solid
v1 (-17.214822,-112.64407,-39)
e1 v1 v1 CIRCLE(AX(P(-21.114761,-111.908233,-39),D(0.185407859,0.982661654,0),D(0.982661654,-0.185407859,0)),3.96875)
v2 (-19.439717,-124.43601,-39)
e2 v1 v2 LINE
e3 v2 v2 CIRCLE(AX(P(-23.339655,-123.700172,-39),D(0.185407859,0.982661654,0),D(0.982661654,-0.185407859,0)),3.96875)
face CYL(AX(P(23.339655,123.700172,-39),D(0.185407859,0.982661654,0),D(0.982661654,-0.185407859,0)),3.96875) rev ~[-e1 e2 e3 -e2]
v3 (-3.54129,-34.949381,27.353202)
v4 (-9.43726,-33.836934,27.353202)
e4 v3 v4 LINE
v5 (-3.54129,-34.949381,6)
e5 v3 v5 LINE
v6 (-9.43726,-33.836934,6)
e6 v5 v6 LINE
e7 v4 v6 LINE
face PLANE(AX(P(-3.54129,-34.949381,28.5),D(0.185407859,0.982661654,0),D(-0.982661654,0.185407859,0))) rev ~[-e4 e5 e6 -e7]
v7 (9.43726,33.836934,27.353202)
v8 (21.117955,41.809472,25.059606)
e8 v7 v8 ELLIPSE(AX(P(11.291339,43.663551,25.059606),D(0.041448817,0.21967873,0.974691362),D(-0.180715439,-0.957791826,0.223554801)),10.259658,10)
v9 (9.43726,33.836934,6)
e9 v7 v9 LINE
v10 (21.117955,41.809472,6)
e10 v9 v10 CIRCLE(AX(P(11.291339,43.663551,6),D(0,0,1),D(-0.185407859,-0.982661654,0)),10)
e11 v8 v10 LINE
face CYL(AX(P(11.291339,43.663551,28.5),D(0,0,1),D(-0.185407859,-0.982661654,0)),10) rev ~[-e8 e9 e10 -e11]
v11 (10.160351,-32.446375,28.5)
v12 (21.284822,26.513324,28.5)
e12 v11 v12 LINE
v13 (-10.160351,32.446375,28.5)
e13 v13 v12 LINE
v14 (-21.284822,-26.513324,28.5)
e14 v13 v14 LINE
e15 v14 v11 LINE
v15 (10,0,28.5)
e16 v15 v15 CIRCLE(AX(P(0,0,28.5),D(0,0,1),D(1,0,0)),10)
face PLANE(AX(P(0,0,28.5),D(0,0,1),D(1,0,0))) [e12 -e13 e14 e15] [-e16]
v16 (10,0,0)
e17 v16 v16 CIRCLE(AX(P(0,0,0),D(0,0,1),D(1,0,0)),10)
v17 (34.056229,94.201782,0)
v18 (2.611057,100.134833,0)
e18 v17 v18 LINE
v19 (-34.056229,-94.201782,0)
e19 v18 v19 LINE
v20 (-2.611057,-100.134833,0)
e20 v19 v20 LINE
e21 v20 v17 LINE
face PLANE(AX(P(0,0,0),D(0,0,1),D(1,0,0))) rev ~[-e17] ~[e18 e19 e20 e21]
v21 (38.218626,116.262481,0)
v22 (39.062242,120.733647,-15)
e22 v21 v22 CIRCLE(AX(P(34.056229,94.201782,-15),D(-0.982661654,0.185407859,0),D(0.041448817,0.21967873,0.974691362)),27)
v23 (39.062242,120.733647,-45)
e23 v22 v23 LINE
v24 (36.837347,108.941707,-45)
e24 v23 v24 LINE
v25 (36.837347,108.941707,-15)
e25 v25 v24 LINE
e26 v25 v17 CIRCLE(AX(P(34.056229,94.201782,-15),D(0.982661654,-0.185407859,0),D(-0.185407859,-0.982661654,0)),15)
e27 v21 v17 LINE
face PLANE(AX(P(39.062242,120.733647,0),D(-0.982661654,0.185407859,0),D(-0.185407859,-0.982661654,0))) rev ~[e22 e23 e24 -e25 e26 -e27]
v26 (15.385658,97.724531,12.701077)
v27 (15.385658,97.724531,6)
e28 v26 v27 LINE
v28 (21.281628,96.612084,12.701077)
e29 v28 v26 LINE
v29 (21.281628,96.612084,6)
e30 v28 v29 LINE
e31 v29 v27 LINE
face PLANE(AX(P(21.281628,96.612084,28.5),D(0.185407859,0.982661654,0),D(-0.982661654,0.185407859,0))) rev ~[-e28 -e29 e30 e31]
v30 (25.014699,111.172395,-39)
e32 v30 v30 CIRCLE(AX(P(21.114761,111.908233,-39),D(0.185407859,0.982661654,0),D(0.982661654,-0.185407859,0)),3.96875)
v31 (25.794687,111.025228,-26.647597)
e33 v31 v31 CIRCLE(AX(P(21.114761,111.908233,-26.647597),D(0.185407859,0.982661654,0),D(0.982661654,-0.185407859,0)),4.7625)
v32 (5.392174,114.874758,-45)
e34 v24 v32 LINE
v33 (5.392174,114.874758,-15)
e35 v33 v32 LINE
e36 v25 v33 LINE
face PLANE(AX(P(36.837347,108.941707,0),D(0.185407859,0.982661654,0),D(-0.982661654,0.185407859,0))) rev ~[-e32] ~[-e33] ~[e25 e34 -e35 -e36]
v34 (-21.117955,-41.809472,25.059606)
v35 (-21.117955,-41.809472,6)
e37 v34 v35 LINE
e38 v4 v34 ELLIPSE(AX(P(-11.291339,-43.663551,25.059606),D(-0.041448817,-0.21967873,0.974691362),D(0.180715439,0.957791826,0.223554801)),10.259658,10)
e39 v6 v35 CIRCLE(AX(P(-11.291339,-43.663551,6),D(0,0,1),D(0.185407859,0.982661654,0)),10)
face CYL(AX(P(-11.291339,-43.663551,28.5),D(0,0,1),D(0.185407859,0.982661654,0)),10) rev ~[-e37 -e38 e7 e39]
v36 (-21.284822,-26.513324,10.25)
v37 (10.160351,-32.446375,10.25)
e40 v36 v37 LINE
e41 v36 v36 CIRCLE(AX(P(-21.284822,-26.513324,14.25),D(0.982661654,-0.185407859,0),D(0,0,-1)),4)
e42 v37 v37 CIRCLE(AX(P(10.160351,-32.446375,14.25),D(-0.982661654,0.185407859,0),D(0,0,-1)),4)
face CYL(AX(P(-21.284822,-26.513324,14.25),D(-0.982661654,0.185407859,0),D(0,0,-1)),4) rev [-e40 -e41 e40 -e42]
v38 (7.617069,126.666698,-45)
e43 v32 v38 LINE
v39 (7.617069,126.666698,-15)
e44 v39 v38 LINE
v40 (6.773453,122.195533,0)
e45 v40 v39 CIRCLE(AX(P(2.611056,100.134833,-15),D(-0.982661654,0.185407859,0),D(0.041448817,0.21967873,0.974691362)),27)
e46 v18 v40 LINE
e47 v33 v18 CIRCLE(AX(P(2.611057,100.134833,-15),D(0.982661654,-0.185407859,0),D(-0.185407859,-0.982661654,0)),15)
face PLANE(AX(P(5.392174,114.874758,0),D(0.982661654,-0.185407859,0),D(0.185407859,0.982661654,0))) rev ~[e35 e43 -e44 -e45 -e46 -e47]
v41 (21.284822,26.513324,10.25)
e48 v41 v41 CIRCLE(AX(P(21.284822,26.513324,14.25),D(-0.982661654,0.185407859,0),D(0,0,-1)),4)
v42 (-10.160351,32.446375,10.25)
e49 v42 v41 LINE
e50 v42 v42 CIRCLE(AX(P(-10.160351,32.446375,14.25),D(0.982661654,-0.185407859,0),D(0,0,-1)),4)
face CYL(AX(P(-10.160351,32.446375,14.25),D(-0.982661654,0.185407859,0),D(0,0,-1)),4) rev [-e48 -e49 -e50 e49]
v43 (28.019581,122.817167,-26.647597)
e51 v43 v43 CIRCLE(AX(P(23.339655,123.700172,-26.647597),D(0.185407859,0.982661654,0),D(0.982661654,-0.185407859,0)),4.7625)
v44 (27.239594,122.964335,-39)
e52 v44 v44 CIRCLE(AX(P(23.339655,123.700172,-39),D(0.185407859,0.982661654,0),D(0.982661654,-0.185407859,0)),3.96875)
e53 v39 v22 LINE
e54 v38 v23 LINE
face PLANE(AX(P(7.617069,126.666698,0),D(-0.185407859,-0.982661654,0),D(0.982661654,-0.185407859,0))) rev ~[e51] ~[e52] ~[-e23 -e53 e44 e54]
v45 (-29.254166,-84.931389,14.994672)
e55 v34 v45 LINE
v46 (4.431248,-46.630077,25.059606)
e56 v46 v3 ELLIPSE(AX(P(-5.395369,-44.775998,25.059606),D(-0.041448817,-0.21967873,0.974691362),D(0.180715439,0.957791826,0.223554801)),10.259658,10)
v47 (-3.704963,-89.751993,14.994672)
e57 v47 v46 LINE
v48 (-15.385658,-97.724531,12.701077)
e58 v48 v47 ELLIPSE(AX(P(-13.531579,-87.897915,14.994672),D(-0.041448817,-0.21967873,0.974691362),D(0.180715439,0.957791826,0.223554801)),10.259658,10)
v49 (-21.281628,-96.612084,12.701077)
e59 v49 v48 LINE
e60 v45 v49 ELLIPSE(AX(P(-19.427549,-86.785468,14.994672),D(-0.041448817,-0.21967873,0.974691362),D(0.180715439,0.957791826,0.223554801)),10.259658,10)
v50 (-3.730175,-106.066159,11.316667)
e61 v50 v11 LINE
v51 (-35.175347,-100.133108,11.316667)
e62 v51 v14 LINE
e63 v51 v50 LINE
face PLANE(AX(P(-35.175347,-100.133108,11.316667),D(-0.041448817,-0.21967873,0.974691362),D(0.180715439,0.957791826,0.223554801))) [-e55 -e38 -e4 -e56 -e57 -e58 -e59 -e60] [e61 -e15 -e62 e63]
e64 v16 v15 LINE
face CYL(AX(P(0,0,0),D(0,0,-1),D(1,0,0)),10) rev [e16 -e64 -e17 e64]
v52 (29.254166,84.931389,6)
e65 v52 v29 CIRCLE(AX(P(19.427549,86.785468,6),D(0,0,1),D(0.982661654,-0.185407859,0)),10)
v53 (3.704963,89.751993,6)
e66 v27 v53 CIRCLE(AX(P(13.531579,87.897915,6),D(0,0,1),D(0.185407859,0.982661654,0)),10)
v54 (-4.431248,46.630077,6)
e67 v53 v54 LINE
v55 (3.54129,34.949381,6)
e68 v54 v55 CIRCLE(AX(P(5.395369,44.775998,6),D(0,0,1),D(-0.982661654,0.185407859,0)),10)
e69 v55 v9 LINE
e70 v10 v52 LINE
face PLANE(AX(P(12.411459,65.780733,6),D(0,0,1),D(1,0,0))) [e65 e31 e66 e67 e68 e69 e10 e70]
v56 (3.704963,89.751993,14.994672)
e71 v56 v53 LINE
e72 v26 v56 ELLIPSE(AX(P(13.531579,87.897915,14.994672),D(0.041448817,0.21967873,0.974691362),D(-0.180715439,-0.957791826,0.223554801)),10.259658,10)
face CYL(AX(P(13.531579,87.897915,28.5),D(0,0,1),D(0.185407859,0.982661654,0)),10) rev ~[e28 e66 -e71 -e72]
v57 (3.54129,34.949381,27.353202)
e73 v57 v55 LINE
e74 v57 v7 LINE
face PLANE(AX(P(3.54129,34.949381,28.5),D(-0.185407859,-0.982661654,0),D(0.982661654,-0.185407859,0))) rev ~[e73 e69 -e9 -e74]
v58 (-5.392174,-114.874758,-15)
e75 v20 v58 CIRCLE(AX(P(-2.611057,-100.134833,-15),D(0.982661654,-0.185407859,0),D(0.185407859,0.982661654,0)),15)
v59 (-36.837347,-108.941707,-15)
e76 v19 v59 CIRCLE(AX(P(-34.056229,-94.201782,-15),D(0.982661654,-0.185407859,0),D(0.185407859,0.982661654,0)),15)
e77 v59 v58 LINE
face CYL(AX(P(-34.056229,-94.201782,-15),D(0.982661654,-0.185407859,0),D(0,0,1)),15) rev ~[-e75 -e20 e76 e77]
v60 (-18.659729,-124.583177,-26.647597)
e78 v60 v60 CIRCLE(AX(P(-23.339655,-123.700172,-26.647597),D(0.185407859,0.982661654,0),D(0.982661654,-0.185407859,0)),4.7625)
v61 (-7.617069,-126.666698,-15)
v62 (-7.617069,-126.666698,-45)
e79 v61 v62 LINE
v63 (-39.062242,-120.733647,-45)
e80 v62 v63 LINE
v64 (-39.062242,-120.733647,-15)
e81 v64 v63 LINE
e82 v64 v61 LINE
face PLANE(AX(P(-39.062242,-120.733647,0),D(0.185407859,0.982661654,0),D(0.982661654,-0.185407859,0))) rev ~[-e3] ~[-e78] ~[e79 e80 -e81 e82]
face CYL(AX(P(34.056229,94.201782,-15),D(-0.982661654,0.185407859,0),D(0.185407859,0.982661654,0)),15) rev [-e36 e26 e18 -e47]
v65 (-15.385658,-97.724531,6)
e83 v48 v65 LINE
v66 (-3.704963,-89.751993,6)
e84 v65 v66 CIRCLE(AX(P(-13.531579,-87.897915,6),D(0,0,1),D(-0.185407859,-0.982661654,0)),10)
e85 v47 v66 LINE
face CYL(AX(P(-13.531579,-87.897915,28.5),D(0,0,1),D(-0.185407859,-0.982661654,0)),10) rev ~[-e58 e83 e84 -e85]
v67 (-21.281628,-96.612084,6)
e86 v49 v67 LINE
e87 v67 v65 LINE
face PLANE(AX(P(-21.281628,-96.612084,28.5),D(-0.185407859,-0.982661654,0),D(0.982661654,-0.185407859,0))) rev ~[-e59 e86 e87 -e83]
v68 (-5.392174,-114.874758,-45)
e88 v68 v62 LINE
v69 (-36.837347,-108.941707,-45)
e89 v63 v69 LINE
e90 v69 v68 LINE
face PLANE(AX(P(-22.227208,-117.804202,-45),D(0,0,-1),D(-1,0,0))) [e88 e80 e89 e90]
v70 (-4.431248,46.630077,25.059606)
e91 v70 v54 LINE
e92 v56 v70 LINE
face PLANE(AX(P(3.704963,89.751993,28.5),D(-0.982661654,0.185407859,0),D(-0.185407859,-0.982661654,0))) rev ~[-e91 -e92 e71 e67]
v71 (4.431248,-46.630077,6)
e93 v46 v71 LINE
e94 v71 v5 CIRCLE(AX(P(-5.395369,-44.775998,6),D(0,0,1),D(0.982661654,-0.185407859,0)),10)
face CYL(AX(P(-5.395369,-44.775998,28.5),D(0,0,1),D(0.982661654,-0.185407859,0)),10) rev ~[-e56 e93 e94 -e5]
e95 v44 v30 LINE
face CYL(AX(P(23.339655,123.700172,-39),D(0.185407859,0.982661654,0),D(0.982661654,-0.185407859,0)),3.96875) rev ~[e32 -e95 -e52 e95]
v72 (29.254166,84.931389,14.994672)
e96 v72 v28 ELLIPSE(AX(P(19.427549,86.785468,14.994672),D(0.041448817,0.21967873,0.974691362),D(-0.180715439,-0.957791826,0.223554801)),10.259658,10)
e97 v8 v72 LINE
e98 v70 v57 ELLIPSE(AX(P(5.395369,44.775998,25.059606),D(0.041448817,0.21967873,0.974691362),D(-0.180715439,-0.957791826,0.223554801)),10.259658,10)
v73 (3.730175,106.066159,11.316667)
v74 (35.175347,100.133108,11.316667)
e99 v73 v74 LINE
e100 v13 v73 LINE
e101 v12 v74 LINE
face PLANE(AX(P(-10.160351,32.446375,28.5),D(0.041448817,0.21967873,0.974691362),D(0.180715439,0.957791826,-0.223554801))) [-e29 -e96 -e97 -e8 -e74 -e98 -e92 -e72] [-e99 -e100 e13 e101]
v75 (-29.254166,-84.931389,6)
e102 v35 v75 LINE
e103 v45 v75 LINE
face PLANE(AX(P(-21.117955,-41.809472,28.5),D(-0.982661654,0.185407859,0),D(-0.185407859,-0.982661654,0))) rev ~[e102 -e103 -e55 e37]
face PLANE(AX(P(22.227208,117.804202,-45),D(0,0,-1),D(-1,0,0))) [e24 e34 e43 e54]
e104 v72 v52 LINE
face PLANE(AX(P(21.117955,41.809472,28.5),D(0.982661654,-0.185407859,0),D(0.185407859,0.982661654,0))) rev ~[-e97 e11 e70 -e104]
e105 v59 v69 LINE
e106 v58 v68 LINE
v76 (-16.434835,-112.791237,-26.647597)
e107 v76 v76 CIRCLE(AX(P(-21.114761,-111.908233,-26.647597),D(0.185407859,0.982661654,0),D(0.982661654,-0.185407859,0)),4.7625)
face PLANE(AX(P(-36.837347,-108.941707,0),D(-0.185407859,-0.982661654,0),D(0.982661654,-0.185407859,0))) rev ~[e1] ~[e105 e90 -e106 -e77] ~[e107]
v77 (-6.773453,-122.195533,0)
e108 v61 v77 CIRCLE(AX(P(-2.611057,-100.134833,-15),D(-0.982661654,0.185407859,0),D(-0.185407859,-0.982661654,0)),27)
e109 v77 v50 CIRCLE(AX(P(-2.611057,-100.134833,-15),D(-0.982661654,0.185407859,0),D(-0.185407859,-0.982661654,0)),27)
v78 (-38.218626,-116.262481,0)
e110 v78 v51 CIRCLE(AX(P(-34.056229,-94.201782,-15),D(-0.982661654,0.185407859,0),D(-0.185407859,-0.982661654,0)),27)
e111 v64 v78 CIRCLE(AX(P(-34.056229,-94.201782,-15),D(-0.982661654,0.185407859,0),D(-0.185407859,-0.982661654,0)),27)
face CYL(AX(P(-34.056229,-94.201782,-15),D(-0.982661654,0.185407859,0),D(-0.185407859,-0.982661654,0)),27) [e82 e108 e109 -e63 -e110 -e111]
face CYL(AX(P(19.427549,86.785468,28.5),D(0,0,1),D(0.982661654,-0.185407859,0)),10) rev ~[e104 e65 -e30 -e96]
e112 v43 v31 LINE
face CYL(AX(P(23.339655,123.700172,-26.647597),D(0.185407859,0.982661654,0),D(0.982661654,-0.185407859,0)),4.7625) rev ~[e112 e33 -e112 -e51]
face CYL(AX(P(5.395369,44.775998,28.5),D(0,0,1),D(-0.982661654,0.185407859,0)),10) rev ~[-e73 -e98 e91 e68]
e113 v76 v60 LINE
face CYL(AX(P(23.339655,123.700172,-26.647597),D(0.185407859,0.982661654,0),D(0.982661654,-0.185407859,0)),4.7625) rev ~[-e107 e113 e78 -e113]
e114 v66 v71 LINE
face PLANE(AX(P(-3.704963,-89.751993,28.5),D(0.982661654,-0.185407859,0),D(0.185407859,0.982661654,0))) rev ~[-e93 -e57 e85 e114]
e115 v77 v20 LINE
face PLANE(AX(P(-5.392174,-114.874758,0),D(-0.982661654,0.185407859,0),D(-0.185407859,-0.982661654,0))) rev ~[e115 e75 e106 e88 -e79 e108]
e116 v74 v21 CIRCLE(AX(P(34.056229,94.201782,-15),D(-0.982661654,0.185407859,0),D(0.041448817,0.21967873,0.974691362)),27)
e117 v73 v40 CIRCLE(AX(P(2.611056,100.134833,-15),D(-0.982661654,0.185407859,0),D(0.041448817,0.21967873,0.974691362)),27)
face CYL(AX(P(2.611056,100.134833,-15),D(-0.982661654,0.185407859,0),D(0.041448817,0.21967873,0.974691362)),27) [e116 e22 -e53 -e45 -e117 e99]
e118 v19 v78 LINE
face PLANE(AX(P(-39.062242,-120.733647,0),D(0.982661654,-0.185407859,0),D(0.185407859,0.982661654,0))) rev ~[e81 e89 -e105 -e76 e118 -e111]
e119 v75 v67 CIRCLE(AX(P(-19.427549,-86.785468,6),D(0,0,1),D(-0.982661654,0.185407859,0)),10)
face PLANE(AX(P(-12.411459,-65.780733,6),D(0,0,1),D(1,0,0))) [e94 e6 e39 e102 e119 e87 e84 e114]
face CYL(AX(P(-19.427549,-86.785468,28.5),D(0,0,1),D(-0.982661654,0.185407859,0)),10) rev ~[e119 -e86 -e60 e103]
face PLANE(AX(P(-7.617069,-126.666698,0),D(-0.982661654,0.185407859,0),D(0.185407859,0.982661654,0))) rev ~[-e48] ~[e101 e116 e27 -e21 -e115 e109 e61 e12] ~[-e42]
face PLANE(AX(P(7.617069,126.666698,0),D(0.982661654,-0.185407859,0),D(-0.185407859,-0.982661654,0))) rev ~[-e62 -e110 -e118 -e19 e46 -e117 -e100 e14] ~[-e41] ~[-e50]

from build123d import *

# Parameters (mm, degrees)
SKETCH1_R               = 10
BOSS_EXTRUDE1_DEPTH     = 28.5
BOSS_EXTRUDE2_DEPTH     = 45
SKETCH4_R               = 4.7625
SKETCH4_R_2             = 3.96875
CUT_EXTRUDE1_DEPTH      = 258.595725096
FILLET3_R               = 15
SKETCH10_R              = 4
CUT_EXTRUDE2_DEPTH      = 78.869968284
CUT_EXTRUDE2_DEPTH_BACK = 46.869968284
CUT_EXTRUDE4_DEPTH      = 22.5


with BuildPart() as part:
    # Sketch1 → Boss-Extrude1 (new body)
    with BuildSketch(Plane.XY):
        Polygon((-7.617068705, -126.66669812), (39.062241625, 120.733646626), (7.617068705, 126.66669812), (-39.062241625, -120.733646626), align=None)
        Circle(SKETCH1_R, mode=Mode.SUBTRACT)
    extrude(amount=BOSS_EXTRUDE1_DEPTH)

    # Sketch2 → Boss-Extrude2 (add)
    with BuildSketch(Plane(origin=(0, 0, 0), x_dir=(-1, 0, 0), z_dir=(0, 0, -1))):
        Polygon((-39.062241625, 120.733646626), (-36.837347314, 108.941706781), (-5.392174394, 114.874758275), (-7.617068705, 126.66669812), align=None)
        Polygon((36.837347314, -108.941706781), (5.392174394, -114.874758275), (7.617068705, -126.66669812), (39.062241625, -120.733646626), align=None)
    extrude(amount=BOSS_EXTRUDE2_DEPTH)

    # Sketch4 → Cut-Extrude1 (cut, through all)
    with BuildSketch(Plane(origin=(-1.656161502, 128.416364197, 0), x_dir=(0.982661654, -0.185407859, 0), z_dir=(0.185407859, 0.982661654, 0))):
        with Locations((25.436849572, 26.64759704)):
            Circle(SKETCH4_R)
        with Locations((25.436849572, 39)):
            Circle(SKETCH4_R_2)
    extrude(amount=-CUT_EXTRUDE1_DEPTH, mode=Mode.SUBTRACT)

    # Fillet3
    fillet3_edges = [part.edges().sort_by_distance(p)[0] for p in [
        (21.114760854, 111.908232528, 0),
        (-21.114760854, -111.908232528, 0),
    ]]
    fillet(fillet3_edges, radius=FILLET3_R)

    # Sketch10 → Cut-Extrude2 (cut, two sides)
    with BuildSketch(Plane(origin=(-16.024269994, 1.367603019, 0), x_dir=(0, 0, -1), z_dir=(0.982661654, -0.185407859, 0))) as cut_extrude2_sk:
        with Locations((-14.25, 31.627134551)):
            Circle(SKETCH10_R)
        with Locations((-14.25, -28.372865449)):
            Circle(SKETCH10_R)
        with BuildLine():
            Line((-28.5, 31.627134551), (-11.316666773, 106.545885621))
            ThreePointArc((-11.316666773, 106.545885621), (-1.82302812, 121.628280107), (15, 127.509906002))
            Line((15, 127.509906002), (-44.768549469, 140.171550448))
            Line((-44.768549469, 140.171550448), (-46.912682998, 31.416920937))
            Line((-46.912682998, 31.416920937), (-28.5, 31.627134551))
        make_face()
        with BuildLine():
            Line((-44.768549469, -136.917281346), (15, -124.255636901))
            ThreePointArc((15, -124.255636901), (-1.82302812, -118.374011006), (-11.316666773, -103.29161652))
            Line((-11.316666773, -103.29161652), (-28.5, -28.372865449))
            Line((-28.5, -28.372865449), (-46.912682998, -28.162651835))
            Line((-46.912682998, -28.162651835), (-44.768549469, -136.917281346))
        make_face()
    extrude(amount=CUT_EXTRUDE2_DEPTH, mode=Mode.SUBTRACT)
    extrude(cut_extrude2_sk.sketch, amount=-CUT_EXTRUDE2_DEPTH_BACK, mode=Mode.SUBTRACT)

    # Sketch11 → Cut-Extrude4 (cut)
    with BuildSketch(Plane.XY.offset(28.5)):
        with BuildLine():
            Line((3.541290111, 34.949381459), (9.437260033, 33.836934304))
            ThreePointArc((9.437260033, 33.836934304), (16.92877427, 35.404052106), (21.117955163, 41.809472249))
            Line((21.117955163, 41.809472249), (29.254165873, 84.931389014))
            ThreePointArc((29.254165873, 84.931389014), (27.687048071, 92.422903251), (21.281627928, 96.612084144))
            Line((21.281627928, 96.612084144), (15.385658005, 97.724531299))
            ThreePointArc((15.385658005, 97.724531299), (7.894143769, 96.157413497), (3.704962876, 89.751993354))
            Line((3.704962876, 89.751993354), (-4.431247835, 46.630076588))
            ThreePointArc((-4.431247835, 46.630076588), (-2.864130032, 39.138562352), (3.541290111, 34.949381459))
        make_face()
        with BuildLine():
            Line((-21.281627928, -96.612084144), (-15.385658005, -97.724531299))
            ThreePointArc((-15.385658005, -97.724531299), (-7.894143769, -96.157413497), (-3.704962876, -89.751993354))
            Line((-3.704962876, -89.751993354), (4.431247835, -46.630076588))
            ThreePointArc((4.431247835, -46.630076588), (2.864130032, -39.138562352), (-3.541290111, -34.949381459))
            Line((-3.541290111, -34.949381459), (-9.437260033, -33.836934304))
            ThreePointArc((-9.437260033, -33.836934304), (-16.92877427, -35.404052106), (-21.117955163, -41.809472249))
            Line((-21.117955163, -41.809472249), (-29.254165873, -84.931389014))
            ThreePointArc((-29.254165873, -84.931389014), (-27.687048071, -92.422903251), (-21.281627928, -96.612084144))
        make_face()
    extrude(amount=-CUT_EXTRUDE4_DEPTH, mode=Mode.SUBTRACT)


solid = part.part
